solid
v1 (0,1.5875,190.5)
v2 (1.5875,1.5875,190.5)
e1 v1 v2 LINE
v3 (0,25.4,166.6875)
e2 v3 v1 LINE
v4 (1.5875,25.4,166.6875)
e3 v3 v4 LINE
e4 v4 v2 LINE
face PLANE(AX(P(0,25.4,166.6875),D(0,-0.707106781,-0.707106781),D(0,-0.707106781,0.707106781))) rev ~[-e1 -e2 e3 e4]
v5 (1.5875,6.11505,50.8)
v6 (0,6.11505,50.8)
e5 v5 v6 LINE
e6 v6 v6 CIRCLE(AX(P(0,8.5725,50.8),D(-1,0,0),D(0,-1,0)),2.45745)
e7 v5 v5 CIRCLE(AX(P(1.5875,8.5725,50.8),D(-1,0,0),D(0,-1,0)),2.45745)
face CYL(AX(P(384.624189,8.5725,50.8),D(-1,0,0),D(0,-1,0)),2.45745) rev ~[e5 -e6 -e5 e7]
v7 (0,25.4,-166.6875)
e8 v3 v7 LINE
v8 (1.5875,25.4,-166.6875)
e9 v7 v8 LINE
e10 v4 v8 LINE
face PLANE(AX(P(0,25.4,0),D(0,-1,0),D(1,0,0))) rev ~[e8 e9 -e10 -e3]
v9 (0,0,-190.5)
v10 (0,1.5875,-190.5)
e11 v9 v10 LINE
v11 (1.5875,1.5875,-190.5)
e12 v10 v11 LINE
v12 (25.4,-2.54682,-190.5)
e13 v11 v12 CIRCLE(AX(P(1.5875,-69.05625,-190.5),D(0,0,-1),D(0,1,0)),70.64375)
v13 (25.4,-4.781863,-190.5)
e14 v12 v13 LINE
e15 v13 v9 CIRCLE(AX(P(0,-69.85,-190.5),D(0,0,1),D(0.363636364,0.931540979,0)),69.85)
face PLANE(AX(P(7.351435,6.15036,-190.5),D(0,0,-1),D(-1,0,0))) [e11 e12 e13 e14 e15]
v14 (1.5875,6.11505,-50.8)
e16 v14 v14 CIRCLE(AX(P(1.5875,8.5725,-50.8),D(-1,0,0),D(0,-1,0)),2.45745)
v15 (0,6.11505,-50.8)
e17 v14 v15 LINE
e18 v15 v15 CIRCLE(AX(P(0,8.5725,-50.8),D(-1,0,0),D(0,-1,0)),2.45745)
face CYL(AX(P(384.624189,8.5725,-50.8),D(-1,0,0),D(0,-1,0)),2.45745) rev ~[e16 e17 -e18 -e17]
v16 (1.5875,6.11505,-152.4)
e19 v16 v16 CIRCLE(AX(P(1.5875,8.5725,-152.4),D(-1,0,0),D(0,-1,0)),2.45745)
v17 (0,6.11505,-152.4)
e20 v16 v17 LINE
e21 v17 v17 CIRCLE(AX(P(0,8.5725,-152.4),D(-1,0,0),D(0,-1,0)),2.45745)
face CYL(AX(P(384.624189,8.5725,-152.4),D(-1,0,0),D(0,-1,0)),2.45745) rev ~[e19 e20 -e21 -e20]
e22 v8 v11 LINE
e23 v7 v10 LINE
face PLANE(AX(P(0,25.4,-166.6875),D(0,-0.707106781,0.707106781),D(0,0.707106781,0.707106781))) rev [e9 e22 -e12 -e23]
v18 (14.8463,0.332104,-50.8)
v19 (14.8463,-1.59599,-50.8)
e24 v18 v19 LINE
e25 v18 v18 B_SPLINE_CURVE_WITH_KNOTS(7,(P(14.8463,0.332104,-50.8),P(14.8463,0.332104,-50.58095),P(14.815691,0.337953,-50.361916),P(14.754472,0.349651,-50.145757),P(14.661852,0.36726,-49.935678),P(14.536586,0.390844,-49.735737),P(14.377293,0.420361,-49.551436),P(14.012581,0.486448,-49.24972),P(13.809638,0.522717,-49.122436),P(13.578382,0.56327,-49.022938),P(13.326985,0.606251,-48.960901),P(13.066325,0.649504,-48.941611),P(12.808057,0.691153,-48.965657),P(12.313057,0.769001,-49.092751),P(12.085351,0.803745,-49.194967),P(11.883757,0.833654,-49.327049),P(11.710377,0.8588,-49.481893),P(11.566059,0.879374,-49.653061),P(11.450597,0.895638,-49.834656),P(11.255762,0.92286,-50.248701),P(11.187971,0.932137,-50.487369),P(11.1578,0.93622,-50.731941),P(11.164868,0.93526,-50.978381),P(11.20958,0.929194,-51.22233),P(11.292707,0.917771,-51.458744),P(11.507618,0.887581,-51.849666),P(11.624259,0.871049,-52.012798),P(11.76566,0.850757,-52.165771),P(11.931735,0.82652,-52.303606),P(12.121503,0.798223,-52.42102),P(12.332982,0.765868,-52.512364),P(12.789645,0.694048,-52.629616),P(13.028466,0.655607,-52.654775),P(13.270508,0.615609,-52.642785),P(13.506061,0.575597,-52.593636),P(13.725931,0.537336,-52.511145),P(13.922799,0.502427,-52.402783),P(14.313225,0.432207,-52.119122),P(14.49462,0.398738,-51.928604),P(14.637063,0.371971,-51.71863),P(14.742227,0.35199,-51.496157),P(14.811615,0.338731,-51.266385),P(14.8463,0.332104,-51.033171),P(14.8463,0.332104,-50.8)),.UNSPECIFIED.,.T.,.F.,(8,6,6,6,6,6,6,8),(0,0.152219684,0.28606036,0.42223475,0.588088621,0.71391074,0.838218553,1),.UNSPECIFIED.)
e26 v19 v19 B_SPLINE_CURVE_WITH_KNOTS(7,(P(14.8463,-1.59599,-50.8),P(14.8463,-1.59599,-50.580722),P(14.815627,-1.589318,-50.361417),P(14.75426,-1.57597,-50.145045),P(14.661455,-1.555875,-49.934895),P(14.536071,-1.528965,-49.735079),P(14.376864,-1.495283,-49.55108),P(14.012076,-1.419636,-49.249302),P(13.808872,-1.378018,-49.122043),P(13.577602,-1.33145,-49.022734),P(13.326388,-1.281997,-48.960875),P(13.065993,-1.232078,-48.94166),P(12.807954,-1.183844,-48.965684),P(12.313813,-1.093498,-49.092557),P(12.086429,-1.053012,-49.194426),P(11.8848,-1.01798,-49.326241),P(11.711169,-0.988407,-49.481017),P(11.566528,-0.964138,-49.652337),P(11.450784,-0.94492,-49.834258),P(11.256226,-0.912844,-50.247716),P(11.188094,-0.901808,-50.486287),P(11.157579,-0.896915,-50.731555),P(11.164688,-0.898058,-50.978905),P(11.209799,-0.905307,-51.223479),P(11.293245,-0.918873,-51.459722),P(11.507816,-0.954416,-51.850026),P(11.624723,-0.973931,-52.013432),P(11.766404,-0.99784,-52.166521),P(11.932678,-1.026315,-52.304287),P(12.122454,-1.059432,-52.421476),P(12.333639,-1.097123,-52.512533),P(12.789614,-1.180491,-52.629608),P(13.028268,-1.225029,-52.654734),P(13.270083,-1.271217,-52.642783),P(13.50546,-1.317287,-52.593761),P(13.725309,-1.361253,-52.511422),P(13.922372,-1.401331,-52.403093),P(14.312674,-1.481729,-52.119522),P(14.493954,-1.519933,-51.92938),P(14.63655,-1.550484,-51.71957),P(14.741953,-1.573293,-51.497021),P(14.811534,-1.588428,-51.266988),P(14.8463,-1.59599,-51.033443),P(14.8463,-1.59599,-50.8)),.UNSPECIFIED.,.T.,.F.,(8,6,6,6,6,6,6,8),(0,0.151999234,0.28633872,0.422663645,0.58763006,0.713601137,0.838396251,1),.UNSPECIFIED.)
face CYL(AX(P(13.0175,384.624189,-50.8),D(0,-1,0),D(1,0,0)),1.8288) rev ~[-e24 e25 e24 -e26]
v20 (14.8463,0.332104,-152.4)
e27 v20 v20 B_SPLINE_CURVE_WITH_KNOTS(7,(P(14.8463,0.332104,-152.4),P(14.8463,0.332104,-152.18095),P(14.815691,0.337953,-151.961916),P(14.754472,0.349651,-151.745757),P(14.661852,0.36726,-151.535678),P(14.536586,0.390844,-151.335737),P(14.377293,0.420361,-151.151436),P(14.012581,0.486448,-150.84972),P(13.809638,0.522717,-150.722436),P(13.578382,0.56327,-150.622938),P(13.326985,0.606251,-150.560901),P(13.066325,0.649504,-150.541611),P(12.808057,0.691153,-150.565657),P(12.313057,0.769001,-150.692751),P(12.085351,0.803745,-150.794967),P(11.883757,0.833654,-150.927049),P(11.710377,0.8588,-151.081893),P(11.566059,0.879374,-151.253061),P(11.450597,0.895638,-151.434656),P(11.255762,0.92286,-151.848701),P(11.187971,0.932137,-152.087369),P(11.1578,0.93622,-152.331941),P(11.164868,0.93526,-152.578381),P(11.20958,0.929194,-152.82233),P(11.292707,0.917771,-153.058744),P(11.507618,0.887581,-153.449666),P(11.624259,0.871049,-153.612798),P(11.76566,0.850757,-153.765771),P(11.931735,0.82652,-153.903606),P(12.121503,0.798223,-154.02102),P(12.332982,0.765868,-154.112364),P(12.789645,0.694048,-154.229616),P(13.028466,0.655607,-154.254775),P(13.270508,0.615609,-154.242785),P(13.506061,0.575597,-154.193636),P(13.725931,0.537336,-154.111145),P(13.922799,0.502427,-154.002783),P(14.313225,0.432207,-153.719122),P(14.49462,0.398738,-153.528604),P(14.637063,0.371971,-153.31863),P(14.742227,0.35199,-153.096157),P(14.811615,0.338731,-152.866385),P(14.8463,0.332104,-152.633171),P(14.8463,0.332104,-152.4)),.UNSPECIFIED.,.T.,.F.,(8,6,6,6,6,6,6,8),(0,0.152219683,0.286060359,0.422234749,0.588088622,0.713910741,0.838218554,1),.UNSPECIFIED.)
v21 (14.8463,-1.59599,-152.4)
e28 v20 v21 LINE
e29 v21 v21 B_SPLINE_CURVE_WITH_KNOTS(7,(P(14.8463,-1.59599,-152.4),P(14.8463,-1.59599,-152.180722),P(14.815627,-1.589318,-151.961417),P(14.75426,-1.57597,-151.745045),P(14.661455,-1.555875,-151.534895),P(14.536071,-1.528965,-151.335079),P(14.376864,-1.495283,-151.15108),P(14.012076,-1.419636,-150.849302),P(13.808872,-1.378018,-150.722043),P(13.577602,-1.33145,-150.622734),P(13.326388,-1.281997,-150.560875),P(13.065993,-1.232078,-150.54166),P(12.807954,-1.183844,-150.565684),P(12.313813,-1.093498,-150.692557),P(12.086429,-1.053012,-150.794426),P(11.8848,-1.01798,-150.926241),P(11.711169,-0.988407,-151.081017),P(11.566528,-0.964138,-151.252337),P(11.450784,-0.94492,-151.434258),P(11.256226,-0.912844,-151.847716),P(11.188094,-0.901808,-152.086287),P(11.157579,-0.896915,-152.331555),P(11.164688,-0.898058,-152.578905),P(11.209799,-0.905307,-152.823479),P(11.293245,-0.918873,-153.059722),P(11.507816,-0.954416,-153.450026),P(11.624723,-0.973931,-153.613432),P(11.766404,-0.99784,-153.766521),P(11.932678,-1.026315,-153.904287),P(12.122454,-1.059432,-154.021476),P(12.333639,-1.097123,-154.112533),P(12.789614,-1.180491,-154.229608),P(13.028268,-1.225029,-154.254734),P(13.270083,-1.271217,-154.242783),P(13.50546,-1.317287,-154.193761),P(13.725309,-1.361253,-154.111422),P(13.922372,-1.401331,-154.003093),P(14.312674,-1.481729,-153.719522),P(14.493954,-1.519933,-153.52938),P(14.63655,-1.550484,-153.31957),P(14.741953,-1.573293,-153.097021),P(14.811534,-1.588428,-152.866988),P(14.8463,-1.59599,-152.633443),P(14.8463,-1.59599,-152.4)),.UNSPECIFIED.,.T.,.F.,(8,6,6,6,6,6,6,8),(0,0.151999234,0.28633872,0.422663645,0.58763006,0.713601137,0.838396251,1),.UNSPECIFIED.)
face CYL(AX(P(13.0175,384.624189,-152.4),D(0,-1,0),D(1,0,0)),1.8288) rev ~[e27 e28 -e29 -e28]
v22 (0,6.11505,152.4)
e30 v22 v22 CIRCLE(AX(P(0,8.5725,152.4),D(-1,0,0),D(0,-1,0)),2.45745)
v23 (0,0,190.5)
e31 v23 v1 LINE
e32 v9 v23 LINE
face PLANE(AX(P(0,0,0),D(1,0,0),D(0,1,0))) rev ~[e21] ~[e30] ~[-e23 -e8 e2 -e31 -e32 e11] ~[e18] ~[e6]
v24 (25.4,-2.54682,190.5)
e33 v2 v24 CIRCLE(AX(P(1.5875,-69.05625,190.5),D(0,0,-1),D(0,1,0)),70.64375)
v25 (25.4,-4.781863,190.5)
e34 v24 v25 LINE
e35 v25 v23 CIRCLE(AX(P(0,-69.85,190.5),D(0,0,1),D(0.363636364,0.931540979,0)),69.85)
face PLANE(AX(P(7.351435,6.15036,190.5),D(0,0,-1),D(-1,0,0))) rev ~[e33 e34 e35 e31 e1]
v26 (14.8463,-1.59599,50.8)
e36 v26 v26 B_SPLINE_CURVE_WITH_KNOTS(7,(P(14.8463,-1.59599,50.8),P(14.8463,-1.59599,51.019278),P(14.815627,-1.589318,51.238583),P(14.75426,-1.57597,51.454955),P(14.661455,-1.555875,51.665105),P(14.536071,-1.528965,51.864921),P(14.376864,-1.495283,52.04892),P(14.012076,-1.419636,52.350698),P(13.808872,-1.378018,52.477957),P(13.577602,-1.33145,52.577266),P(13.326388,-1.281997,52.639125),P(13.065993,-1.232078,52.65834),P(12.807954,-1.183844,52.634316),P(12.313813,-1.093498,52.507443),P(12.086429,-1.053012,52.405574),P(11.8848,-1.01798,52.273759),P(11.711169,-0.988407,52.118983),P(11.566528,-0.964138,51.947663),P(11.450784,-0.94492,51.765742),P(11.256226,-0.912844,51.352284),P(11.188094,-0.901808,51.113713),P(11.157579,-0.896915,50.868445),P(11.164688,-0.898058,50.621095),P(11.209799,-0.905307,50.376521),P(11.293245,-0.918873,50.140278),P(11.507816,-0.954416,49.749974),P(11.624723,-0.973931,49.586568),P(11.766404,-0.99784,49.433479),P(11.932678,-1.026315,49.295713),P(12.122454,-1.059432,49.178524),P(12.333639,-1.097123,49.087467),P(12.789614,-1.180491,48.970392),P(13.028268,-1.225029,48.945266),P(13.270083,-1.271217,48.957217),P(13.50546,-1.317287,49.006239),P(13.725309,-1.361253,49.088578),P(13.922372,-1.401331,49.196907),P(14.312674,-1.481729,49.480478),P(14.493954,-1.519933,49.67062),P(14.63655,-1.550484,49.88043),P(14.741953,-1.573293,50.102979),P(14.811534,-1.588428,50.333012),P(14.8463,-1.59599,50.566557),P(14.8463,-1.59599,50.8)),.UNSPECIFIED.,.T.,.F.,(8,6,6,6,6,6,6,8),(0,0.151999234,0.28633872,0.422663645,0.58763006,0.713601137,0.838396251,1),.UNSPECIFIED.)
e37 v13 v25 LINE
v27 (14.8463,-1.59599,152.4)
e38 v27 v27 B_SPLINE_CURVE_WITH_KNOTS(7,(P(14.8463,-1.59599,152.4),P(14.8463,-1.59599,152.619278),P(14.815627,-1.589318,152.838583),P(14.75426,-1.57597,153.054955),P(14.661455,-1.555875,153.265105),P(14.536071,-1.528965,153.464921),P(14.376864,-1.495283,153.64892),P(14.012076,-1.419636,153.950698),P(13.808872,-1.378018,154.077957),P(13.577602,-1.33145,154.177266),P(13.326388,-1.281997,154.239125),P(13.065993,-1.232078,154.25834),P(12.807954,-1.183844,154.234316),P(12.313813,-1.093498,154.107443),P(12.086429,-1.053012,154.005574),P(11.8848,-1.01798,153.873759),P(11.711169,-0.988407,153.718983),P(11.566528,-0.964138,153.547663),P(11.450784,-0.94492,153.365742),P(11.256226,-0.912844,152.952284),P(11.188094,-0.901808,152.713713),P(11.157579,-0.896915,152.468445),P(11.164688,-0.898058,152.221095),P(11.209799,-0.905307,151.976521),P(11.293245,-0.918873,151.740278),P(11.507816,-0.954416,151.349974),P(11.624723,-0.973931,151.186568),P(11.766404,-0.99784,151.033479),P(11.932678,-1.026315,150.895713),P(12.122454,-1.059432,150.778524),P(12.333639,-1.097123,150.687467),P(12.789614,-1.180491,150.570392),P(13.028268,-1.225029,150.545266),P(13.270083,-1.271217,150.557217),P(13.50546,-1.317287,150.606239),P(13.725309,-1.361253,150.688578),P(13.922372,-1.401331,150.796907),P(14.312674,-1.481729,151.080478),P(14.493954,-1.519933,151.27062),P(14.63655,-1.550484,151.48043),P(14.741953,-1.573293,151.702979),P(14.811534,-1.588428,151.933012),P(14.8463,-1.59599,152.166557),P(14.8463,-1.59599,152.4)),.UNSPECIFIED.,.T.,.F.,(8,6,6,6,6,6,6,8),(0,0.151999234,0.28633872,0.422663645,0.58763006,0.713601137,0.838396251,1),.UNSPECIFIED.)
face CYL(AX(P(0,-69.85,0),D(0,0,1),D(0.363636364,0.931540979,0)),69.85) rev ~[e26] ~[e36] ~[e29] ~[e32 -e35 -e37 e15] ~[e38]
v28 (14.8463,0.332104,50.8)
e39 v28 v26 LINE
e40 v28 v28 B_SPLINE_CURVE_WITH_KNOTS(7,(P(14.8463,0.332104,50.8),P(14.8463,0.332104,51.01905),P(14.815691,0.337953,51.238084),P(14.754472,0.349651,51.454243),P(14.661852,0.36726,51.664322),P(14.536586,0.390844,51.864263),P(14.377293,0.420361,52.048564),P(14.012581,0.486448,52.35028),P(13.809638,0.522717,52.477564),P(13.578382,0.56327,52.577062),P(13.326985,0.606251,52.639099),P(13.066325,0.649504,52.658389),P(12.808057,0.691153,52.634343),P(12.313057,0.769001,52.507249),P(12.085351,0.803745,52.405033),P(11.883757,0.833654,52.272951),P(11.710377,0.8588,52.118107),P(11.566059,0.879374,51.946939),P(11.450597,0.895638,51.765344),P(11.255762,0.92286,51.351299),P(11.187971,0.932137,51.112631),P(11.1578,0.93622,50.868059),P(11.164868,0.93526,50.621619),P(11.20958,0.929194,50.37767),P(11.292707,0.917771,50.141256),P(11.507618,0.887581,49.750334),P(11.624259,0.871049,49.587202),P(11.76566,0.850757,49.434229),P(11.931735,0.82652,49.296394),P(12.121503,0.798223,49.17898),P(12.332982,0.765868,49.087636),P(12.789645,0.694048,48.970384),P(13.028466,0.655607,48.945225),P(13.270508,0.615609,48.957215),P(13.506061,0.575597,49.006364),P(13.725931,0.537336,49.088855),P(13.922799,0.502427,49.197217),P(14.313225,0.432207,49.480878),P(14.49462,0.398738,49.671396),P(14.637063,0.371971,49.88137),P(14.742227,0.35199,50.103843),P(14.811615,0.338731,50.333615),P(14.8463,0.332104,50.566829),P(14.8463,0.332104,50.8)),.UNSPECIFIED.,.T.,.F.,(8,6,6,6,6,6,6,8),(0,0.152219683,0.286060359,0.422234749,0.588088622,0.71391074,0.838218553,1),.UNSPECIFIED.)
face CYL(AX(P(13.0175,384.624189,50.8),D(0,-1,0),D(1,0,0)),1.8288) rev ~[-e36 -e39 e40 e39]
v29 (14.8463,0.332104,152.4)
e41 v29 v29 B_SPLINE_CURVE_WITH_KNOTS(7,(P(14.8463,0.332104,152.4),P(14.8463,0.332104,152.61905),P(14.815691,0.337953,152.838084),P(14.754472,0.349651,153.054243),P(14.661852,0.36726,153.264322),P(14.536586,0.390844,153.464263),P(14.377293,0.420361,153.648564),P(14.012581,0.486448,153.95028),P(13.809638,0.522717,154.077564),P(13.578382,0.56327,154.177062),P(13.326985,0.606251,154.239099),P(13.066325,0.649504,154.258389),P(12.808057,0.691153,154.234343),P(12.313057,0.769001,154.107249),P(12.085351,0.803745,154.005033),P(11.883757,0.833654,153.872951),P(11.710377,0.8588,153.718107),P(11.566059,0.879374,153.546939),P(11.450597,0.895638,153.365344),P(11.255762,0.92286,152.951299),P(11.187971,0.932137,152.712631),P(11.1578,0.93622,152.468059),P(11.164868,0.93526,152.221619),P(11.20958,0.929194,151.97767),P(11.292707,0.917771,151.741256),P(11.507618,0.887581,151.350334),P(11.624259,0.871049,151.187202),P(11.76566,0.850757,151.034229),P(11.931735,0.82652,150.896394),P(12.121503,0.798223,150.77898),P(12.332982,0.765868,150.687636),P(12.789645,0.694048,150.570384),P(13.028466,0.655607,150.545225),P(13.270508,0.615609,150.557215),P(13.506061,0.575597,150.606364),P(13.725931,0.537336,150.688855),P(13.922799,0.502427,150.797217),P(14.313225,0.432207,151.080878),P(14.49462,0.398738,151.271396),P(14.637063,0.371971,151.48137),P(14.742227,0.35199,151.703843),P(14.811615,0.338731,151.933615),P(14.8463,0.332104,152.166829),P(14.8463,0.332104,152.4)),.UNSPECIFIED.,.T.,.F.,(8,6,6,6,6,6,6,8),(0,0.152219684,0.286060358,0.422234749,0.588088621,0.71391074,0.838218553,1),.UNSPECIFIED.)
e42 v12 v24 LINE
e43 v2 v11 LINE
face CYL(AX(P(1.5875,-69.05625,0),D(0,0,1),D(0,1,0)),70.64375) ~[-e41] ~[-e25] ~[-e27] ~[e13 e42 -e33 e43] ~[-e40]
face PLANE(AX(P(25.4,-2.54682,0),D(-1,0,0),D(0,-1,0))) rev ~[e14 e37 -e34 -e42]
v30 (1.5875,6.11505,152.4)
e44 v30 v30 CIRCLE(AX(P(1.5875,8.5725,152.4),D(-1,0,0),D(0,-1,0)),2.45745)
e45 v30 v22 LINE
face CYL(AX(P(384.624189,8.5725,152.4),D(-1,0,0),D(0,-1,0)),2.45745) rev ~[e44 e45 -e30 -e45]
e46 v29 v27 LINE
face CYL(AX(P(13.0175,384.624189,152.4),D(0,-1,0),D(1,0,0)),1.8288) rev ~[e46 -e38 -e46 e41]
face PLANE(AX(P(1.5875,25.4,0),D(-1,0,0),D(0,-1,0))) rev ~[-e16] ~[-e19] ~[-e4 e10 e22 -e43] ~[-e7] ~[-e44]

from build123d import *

# Parameters (mm, degrees)
EXTRUDE1_DEPTH               = 190.5
EXTRUDE2_DEPTH               = 387.35
F_6_CLEARANCE_HOLE1_D        = 3.6576
F_10_0_1935_DIAMETER_HOLE1_D = 4.9149
LPATTERN1_COUNT              = 3
LPATTERN1_PITCH              = 101.6
LPATTERN1_COL_COUNT          = 2
LPATTERN1_COL_PITCH          = 101.6


with BuildPart() as part:
    # Sketch1 → Extrude1 (new, symmetric)
    with BuildSketch(Plane.XY):
        with BuildLine():
            Line((0, 0), (0, 25.4))
            Line((0, 25.4), (1.5875, 25.4))
            Line((1.5875, 25.4), (1.5875, 1.5875))
            ThreePointArc((1.5875, 1.5875), (13.671867582, 0.546246178), (25.4, -2.546820159))
            Line((25.4, -2.546820159), (25.4, -4.781862636))
            ThreePointArc((25.4, -4.781862636), (12.923101507, -1.205874633), (0, 0))
        make_face()
    extrude(amount=EXTRUDE1_DEPTH, both=True)

    # Sketch2 → Extrude2 (cut)
    with BuildSketch(Plane.ZY):
        Polygon((190.5, 25.4), (166.6875, 25.4), (190.5, 1.5875), align=None)
    extrude2 = extrude(amount=-EXTRUDE2_DEPTH, mode=Mode.SUBTRACT)

    # Mirror2: Extrude2 across plane
    add(extrude2.mirror(Plane(origin=(0, 0, 0), x_dir=(1, 0, 0), z_dir=(0, 0, -1))), mode=Mode.SUBTRACT)

    # #6 Clearance Hole1 (through all)
    with Locations(Plane(origin=(0, 1.5875, 0), x_dir=(-1, 0, 0), z_dir=(0, 1, 0))):
        with Locations((-13.0175, -50.8)):
            f_6_clearance_hole1 = Hole(F_6_CLEARANCE_HOLE1_D / 2)

    # #10 (0.1935) Diameter Hole1 (through all)
    with Locations(Plane(origin=(1.5875, 8.5725, -50.8), x_dir=(0, 1, 0), z_dir=(1, 0, 0))):
        with Locations((0, 0)):
            f_10_0_1935_diameter_hole1 = Hole(F_10_0_1935_DIAMETER_HOLE1_D / 2)

    # LPattern1: #6 Clearance Hole1, #10 (0.1935) Diameter Hole1 ×3
    with Locations(*[(0, 0, i * LPATTERN1_PITCH) for i in range(1, LPATTERN1_COUNT)]):
        add(f_6_clearance_hole1, mode=Mode.SUBTRACT)
        add(f_10_0_1935_diameter_hole1, mode=Mode.SUBTRACT)

    # LPattern1 col: #6 Clearance Hole1, #10 (0.1935) Diameter Hole1 ×2
    with Locations(*[(0, 0, -i * LPATTERN1_COL_PITCH) for i in range(1, LPATTERN1_COL_COUNT)]):
        add(f_6_clearance_hole1, mode=Mode.SUBTRACT)
        add(f_10_0_1935_diameter_hole1, mode=Mode.SUBTRACT)


solid = part.part
